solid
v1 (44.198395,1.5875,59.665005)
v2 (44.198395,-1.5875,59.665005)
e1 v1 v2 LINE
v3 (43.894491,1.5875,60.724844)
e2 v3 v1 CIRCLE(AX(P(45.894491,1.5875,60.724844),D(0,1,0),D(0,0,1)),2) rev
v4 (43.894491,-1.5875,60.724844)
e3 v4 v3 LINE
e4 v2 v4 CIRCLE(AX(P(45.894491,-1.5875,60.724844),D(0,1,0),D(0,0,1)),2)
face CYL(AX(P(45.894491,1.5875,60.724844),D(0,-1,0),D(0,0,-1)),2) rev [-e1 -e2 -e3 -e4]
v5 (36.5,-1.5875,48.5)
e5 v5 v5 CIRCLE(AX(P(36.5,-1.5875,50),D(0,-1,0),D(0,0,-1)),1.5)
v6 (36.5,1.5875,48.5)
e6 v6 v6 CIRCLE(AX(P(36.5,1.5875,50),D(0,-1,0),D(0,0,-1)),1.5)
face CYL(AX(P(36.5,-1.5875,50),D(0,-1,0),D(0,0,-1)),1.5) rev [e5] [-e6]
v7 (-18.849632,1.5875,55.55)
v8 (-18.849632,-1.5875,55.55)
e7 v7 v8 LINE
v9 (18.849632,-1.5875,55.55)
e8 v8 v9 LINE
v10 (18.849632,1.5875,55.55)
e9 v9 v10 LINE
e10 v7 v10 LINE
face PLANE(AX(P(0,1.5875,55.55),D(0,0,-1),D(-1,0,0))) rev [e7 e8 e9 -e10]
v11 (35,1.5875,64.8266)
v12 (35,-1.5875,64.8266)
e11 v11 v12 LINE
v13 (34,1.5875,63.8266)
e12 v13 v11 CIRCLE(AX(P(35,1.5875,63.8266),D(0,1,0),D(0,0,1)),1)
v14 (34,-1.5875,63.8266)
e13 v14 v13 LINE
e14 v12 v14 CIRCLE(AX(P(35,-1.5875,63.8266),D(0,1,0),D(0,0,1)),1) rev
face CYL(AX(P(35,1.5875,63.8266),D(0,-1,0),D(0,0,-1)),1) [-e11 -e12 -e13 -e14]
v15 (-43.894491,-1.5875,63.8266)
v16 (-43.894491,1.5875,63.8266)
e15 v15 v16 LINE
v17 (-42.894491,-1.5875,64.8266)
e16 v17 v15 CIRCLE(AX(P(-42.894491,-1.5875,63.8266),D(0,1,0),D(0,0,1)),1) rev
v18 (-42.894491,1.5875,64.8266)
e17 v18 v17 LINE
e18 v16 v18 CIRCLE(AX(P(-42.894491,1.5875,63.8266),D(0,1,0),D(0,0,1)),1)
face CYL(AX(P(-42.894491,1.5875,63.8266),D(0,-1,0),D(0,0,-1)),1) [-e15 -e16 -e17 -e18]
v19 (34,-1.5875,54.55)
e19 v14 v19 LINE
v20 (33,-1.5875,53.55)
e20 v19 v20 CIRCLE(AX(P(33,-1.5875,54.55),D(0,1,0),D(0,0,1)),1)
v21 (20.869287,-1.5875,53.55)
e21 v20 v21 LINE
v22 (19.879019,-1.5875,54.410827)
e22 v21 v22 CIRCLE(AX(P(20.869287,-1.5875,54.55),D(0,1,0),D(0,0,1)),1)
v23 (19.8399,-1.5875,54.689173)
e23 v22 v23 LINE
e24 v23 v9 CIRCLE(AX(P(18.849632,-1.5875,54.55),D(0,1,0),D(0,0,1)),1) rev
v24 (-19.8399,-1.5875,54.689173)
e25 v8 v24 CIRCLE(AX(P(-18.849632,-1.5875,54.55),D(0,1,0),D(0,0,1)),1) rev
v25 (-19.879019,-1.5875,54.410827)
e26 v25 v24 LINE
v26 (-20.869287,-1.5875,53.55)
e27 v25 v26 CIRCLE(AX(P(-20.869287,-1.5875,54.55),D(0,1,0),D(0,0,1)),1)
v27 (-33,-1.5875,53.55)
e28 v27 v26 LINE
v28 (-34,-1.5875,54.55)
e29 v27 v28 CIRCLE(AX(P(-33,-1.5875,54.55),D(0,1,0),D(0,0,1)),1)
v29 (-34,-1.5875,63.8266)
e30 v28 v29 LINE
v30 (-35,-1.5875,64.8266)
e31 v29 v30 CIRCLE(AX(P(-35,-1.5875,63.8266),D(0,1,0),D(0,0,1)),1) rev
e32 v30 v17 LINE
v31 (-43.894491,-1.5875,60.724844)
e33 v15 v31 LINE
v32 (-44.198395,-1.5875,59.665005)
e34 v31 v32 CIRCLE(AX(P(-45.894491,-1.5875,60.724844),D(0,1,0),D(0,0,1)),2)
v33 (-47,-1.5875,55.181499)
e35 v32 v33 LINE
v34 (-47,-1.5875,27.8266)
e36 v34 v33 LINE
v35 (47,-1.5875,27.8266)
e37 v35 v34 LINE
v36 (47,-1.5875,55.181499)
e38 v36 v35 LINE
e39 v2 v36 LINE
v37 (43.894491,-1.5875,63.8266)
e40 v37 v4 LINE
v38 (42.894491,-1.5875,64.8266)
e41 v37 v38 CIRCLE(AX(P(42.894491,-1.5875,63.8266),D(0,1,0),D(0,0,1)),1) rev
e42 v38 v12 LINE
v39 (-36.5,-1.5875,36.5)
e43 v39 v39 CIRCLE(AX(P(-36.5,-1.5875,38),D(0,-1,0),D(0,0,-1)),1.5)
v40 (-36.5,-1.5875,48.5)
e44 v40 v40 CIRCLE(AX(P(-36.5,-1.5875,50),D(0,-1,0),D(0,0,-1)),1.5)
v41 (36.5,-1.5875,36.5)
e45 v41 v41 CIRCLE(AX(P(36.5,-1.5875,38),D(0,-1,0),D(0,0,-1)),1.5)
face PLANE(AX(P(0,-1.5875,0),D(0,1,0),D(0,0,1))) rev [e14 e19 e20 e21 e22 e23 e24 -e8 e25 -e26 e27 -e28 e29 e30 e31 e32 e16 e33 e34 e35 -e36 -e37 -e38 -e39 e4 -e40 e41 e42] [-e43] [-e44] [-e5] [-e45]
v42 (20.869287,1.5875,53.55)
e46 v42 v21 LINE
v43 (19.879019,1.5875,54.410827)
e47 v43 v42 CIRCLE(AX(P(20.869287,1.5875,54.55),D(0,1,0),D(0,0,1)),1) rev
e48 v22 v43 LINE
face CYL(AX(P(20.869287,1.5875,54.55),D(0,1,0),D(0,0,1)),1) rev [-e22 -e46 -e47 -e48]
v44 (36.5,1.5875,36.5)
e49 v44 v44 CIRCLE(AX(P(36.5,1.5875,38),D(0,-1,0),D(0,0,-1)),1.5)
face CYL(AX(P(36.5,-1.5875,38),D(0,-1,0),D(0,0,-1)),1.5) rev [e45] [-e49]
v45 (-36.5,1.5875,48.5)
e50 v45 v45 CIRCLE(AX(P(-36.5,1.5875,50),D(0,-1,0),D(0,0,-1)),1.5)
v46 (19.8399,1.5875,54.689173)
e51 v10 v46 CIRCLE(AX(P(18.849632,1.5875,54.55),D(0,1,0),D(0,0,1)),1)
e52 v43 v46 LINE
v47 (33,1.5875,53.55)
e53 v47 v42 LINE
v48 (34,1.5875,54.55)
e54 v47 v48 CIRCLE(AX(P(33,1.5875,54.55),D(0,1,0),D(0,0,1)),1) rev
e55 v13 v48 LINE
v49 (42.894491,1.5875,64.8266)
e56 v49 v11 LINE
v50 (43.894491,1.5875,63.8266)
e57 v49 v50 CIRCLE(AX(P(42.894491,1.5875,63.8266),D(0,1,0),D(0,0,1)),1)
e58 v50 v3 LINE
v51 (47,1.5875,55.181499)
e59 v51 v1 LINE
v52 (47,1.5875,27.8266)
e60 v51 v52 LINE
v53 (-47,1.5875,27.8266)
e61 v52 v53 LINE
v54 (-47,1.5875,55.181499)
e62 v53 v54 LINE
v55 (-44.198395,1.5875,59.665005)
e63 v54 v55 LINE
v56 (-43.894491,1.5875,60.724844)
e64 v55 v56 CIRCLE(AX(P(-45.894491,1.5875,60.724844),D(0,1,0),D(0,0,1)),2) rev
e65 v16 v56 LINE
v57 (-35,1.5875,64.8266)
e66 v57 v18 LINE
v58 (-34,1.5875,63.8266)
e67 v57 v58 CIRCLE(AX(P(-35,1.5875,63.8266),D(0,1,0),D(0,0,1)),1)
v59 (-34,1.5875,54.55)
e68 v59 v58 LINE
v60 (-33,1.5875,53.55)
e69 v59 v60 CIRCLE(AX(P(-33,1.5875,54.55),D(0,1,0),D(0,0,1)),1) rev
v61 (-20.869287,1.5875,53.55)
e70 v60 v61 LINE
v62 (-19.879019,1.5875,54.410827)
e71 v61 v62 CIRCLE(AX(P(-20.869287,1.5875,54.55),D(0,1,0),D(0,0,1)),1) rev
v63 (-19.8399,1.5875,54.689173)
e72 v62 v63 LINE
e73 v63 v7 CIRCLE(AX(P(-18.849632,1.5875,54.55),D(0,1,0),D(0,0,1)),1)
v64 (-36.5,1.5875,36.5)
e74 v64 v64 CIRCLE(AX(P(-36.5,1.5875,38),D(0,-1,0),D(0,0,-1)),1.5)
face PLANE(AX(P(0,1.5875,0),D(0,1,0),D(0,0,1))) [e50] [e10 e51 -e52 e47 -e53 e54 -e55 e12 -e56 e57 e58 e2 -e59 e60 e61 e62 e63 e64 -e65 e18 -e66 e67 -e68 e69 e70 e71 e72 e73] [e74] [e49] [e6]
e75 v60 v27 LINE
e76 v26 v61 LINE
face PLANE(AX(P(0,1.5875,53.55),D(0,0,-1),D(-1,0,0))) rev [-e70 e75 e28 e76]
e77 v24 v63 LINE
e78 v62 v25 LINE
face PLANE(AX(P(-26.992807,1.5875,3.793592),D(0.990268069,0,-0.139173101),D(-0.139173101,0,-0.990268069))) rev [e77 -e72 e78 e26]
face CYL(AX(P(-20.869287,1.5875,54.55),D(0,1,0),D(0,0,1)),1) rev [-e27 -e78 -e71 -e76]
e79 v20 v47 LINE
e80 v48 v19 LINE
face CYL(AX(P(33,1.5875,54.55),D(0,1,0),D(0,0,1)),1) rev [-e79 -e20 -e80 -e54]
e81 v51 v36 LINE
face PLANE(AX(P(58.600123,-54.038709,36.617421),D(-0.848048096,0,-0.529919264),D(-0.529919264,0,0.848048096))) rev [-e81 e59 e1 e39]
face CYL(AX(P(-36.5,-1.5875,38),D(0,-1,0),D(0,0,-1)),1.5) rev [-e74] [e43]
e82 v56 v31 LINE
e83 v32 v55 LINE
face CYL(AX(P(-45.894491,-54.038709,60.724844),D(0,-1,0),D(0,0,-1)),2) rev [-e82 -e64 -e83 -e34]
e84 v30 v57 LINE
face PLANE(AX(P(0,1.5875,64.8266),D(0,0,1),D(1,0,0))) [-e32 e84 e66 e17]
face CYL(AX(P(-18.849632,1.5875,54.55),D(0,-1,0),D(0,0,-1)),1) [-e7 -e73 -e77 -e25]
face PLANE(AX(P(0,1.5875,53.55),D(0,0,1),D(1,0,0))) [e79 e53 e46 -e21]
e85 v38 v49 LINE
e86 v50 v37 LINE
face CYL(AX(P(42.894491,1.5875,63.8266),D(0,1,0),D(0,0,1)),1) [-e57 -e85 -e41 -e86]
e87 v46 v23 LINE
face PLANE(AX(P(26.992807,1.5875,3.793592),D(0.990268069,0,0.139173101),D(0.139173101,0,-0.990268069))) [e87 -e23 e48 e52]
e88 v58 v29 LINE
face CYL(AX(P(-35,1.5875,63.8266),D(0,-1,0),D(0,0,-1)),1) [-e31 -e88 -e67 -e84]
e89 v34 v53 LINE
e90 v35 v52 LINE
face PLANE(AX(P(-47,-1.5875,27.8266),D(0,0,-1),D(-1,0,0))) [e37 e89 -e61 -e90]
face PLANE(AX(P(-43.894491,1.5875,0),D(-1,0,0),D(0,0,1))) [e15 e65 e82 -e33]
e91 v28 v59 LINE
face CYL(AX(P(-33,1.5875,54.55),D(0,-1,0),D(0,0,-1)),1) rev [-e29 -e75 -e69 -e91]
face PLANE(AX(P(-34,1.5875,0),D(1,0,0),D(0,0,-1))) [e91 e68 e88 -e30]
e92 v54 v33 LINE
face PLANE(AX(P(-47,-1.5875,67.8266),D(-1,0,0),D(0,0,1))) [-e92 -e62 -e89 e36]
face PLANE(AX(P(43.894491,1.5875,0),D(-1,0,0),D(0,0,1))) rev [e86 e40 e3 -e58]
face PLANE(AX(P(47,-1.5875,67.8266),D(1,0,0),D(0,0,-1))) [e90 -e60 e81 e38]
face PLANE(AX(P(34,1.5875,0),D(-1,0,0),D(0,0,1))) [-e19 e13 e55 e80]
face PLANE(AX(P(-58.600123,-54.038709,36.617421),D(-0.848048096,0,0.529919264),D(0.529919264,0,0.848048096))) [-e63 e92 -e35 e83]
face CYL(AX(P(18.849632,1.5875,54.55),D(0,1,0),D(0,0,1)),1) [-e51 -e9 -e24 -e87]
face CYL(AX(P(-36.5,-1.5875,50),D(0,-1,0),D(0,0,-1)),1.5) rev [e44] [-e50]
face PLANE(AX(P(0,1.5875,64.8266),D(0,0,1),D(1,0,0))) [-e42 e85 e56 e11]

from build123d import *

# Parameters (mm, degrees)
BOSS_EXTRUDE4_DEPTH     = 1.5875
M3_CLEARANCE_HOLE3_D    = 3
M3_CLEARANCE_HOLE1_D    = 3.1
M3_CLEARANCE_HOLE4_D    = 2.95
M3_CLEARANCE_HOLE2_D    = 3.1
BOSS_EXTRUDE6_DEPTH     = 3.175
FILLET1_R               = 2
FILLET3_R               = 1
CUT_EXTRUDE4_DEPTH      = 121.250075508
CUT_EXTRUDE4_DEPTH_BACK = 121.250075508
SKETCH27_OUTSIDE_W      = 217.324
SKETCH27_OUTSIDE_H      = 197.151
SKETCH27_OUTSIDE_W_2    = 94
SKETCH27_OUTSIDE_H_2    = 40


with BuildPart() as part:
    # Sketch1 → Boss-Extrude4 (new, symmetric)
    with BuildSketch(Plane(origin=(0, 0, 0), x_dir=(1, 0, 0), z_dir=(0, 1, 0))):
        with BuildLine():
            Line((-62.799553621, 32.496136604), (-73.969425011, 32.691107434))
            Line((-73.969425011, 32.691107434), (-77.053684287, 35.88495141))
            ThreePointArc((-77.053684287, 35.88495141), (-84.36642289, 10.358894189), (-83.446216027, -16.178041625))
            Line((-83.446216027, -16.178041625), (-79.680911643, -13.825218315))
            Line((-79.680911643, -13.825218315), (-69.484649137, -16.179210996))
            Line((-69.484649137, -16.179210996), (-43.894490772, -57.132025032))
            Line((-43.894490772, -57.132025032), (-43.894490772, -64.826600275))
            Line((-43.894490772, -64.826600275), (-43.094490772, -64.826600275))
            Line((-43.094490772, -64.826600275), (-34, -64.826600275))
            Line((-34, -64.826600275), (-34, -55.55))
            Line((-34, -55.55), (-34, -53.55))
            Line((-34, -53.55), (-20, -53.55))
            Line((-20, -53.55), (-19.718918331, -55.55))
            Line((-19.718918331, -55.55), (19.718918331, -55.55))
            Line((19.718918331, -55.55), (20, -53.55))
            Line((20, -53.55), (34, -53.55))
            Line((34, -53.55), (34, -55.55))
            Line((34, -55.55), (34, -64.826600275))
            Line((34, -64.826600275), (43.094490772, -64.826600275))
            Line((43.094490772, -64.826600275), (43.894490772, -64.826600275))
            Line((43.894490772, -64.826600275), (43.894490772, -57.132025032))
            Line((43.894490772, -57.132025032), (69.484649137, -16.179210996))
            Line((69.484649137, -16.179210996), (79.680911643, -13.825218315))
            Line((79.680911643, -13.825218315), (83.446216027, -16.178041625))
            ThreePointArc((83.446216027, -16.178041625), (84.610662337, -8.126242604), (85, 0))
            ThreePointArc((85, 0), (82.98964744, 18.377116688), (77.053684287, 35.88495141))
            Line((77.053684287, 35.88495141), (73.969425011, 32.691107434))
            Line((73.969425011, 32.691107434), (62.799553621, 32.496136604))
            Line((62.799553621, 32.496136604), (30.284668021, 63.895396642))
            Line((30.284668021, 63.895396642), (30.089697191, 75.065268032))
            Line((30.089697191, 75.065268032), (33.173956467, 78.259112008))
            ThreePointArc((33.173956467, 78.259112008), (0, 85), (-33.173956467, 78.259112008))
            Line((-33.173956467, 78.259112008), (-30.089697191, 75.065268032))
            Line((-30.089697191, 75.065268032), (-30.284668021, 63.895396642))
            Line((-30.284668021, 63.895396642), (-62.799553621, 32.496136604))
        make_face()
    extrude(amount=BOSS_EXTRUDE4_DEPTH, both=True)

    # M3 Clearance Hole3 (through all)
    with Locations(Plane(origin=(0, -1.5875, 0), x_dir=(-1, 0, 0), z_dir=(0, -1, 0))):
        with Locations((36.5, -50), (36.5, -38), (-36.5, -50), (-36.5, -38)):
            Hole(M3_CLEARANCE_HOLE3_D / 2)

    # M3 Clearance Hole1 (through all)
    with Locations(Plane(origin=(0, 1.5875, 0), x_dir=(1, 0, 0), z_dir=(0, 1, 0))):
        with Locations((-78.542321426, -8.49139241), (78.542321426, -8.49139241), (74.155025063, 27.240269049), (-74.155025063, 27.240269049)):
            Hole(M3_CLEARANCE_HOLE1_D / 2)

    # M3 Clearance Hole4 (through all)
    with Locations(Plane(origin=(0, -1.5875, 0), x_dir=(-1, 0, 0), z_dir=(0, -1, 0))):
        with Locations((-67.099301622, -15.278865202), (-50.141885166, -42.416404279), (-61.062544382, 30.698137949), (-38.043670771, 52.927205804), (50.141885166, -42.416404279), (67.099301622, -15.278865202), (38.043670771, 52.927205804), (61.062544382, 30.698137949)):
            Hole(M3_CLEARANCE_HOLE4_D / 2)

    # M3 Clearance Hole2 (through all)
    with Locations(Plane(origin=(0, 1.5875, 0), x_dir=(1, 0, 0), z_dir=(0, 1, 0))):
        with Locations((27, 76.497766718), (-27, 76.497766718)):
            Hole(M3_CLEARANCE_HOLE2_D / 2)

    # Sketch22 → Boss-Extrude6 (add)
    with BuildSketch(Plane(origin=(0, 1.5875, 0), x_dir=(1, 0, 0), z_dir=(0, 1, 0))):
        Polygon((65.061950694, 32.535626892), (30.245177733, 66.157793715), (30.284668021, 63.895396642), (62.799553621, 32.496136604), align=None)
        Polygon((-30.284668021, 63.895396642), (-30.245177733, 66.157793715), (-65.061950694, 32.535626892), (-62.799553621, 32.496136604), align=None)
        Polygon((43.894490772, -60.151352895), (71.689396914, -15.670204865), (69.484649137, -16.179210996), (43.894490772, -57.132025032), align=None)
        Polygon((-69.484649137, -16.179210996), (-71.689396914, -15.670204865), (-43.894490772, -60.151352895), (-43.894490772, -57.132025032), align=None)
    extrude(amount=-BOSS_EXTRUDE6_DEPTH)

    # Fillet1
    fillet1_edges = [part.edges().sort_by_distance(p)[0] for p in [
        (-30.245177733, -0.79375, -66.157793715),
        (-65.061950694, -0.79375, -32.535626892),
        (-71.689396914, -0.79375, 15.670204865),
        (-43.894490772, -0.79375, 60.151352895),
        (43.894490772, 0.79375, 60.151352895),
        (71.689396914, 0.79375, 15.670204865),
        (65.061950694, -0.79375, -32.535626892),
        (30.245177733, 0.79375, -66.157793715),
        (30.089697191, -0.79375, -75.065268032),
        (73.969425011, -0.79375, -32.691107434),
        (79.680911643, -0.79375, 13.825218315),
        (-79.680911643, -0.79375, 13.825218315),
        (-73.969425011, -0.79375, -32.691107434),
        (-30.089697191, -0.79375, -75.065268032),
    ]]
    fillet(fillet1_edges, radius=FILLET1_R)

    # Fillet3
    fillet3_edges = [part.edges().sort_by_distance(p)[0] for p in [
        (33.173956467, -0.79375, -78.259112008),
        (77.053684287, 0.79375, -35.88495141),
        (83.446216027, -0.79375, 16.178041625),
        (43.894490772, -0.79375, 64.826600275),
        (34, 0.79375, 64.826600275),
        (34, -0.79375, 53.55),
        (20, -0.79375, 53.55),
        (19.718918331, 0.79375, 55.55),
        (-19.718918331, 0.79375, 55.55),
        (-20, -0.79375, 53.55),
        (-34, -0.79375, 53.55),
        (-34, 0.79375, 64.826600275),
        (-43.894490772, -0.79375, 64.826600275),
        (-83.446216027, -0.79375, 16.178041625),
        (-77.053684287, -0.79375, -35.88495141),
        (-33.173956467, -0.79375, -78.259112008),
    ]]
    fillet(fillet3_edges, radius=FILLET3_R)

    # Sketch27 outside → Cut-Extrude4 (cut, two sides: drawn at the far end of the back side and taken through both)
    with BuildSketch(Plane(origin=(0, 1.5875, 0), x_dir=(1, 0, 0), z_dir=(0, 1, 0)).offset(-CUT_EXTRUDE4_DEPTH_BACK)):
        with Locations((0, 10.0865)):
            Rectangle(SKETCH27_OUTSIDE_W, SKETCH27_OUTSIDE_H)
        with Locations((0, -47.826600275)):
            Rectangle(SKETCH27_OUTSIDE_W_2, SKETCH27_OUTSIDE_H_2, mode=Mode.SUBTRACT)
    extrude(amount=CUT_EXTRUDE4_DEPTH + CUT_EXTRUDE4_DEPTH_BACK, mode=Mode.SUBTRACT)


solid = part.part
